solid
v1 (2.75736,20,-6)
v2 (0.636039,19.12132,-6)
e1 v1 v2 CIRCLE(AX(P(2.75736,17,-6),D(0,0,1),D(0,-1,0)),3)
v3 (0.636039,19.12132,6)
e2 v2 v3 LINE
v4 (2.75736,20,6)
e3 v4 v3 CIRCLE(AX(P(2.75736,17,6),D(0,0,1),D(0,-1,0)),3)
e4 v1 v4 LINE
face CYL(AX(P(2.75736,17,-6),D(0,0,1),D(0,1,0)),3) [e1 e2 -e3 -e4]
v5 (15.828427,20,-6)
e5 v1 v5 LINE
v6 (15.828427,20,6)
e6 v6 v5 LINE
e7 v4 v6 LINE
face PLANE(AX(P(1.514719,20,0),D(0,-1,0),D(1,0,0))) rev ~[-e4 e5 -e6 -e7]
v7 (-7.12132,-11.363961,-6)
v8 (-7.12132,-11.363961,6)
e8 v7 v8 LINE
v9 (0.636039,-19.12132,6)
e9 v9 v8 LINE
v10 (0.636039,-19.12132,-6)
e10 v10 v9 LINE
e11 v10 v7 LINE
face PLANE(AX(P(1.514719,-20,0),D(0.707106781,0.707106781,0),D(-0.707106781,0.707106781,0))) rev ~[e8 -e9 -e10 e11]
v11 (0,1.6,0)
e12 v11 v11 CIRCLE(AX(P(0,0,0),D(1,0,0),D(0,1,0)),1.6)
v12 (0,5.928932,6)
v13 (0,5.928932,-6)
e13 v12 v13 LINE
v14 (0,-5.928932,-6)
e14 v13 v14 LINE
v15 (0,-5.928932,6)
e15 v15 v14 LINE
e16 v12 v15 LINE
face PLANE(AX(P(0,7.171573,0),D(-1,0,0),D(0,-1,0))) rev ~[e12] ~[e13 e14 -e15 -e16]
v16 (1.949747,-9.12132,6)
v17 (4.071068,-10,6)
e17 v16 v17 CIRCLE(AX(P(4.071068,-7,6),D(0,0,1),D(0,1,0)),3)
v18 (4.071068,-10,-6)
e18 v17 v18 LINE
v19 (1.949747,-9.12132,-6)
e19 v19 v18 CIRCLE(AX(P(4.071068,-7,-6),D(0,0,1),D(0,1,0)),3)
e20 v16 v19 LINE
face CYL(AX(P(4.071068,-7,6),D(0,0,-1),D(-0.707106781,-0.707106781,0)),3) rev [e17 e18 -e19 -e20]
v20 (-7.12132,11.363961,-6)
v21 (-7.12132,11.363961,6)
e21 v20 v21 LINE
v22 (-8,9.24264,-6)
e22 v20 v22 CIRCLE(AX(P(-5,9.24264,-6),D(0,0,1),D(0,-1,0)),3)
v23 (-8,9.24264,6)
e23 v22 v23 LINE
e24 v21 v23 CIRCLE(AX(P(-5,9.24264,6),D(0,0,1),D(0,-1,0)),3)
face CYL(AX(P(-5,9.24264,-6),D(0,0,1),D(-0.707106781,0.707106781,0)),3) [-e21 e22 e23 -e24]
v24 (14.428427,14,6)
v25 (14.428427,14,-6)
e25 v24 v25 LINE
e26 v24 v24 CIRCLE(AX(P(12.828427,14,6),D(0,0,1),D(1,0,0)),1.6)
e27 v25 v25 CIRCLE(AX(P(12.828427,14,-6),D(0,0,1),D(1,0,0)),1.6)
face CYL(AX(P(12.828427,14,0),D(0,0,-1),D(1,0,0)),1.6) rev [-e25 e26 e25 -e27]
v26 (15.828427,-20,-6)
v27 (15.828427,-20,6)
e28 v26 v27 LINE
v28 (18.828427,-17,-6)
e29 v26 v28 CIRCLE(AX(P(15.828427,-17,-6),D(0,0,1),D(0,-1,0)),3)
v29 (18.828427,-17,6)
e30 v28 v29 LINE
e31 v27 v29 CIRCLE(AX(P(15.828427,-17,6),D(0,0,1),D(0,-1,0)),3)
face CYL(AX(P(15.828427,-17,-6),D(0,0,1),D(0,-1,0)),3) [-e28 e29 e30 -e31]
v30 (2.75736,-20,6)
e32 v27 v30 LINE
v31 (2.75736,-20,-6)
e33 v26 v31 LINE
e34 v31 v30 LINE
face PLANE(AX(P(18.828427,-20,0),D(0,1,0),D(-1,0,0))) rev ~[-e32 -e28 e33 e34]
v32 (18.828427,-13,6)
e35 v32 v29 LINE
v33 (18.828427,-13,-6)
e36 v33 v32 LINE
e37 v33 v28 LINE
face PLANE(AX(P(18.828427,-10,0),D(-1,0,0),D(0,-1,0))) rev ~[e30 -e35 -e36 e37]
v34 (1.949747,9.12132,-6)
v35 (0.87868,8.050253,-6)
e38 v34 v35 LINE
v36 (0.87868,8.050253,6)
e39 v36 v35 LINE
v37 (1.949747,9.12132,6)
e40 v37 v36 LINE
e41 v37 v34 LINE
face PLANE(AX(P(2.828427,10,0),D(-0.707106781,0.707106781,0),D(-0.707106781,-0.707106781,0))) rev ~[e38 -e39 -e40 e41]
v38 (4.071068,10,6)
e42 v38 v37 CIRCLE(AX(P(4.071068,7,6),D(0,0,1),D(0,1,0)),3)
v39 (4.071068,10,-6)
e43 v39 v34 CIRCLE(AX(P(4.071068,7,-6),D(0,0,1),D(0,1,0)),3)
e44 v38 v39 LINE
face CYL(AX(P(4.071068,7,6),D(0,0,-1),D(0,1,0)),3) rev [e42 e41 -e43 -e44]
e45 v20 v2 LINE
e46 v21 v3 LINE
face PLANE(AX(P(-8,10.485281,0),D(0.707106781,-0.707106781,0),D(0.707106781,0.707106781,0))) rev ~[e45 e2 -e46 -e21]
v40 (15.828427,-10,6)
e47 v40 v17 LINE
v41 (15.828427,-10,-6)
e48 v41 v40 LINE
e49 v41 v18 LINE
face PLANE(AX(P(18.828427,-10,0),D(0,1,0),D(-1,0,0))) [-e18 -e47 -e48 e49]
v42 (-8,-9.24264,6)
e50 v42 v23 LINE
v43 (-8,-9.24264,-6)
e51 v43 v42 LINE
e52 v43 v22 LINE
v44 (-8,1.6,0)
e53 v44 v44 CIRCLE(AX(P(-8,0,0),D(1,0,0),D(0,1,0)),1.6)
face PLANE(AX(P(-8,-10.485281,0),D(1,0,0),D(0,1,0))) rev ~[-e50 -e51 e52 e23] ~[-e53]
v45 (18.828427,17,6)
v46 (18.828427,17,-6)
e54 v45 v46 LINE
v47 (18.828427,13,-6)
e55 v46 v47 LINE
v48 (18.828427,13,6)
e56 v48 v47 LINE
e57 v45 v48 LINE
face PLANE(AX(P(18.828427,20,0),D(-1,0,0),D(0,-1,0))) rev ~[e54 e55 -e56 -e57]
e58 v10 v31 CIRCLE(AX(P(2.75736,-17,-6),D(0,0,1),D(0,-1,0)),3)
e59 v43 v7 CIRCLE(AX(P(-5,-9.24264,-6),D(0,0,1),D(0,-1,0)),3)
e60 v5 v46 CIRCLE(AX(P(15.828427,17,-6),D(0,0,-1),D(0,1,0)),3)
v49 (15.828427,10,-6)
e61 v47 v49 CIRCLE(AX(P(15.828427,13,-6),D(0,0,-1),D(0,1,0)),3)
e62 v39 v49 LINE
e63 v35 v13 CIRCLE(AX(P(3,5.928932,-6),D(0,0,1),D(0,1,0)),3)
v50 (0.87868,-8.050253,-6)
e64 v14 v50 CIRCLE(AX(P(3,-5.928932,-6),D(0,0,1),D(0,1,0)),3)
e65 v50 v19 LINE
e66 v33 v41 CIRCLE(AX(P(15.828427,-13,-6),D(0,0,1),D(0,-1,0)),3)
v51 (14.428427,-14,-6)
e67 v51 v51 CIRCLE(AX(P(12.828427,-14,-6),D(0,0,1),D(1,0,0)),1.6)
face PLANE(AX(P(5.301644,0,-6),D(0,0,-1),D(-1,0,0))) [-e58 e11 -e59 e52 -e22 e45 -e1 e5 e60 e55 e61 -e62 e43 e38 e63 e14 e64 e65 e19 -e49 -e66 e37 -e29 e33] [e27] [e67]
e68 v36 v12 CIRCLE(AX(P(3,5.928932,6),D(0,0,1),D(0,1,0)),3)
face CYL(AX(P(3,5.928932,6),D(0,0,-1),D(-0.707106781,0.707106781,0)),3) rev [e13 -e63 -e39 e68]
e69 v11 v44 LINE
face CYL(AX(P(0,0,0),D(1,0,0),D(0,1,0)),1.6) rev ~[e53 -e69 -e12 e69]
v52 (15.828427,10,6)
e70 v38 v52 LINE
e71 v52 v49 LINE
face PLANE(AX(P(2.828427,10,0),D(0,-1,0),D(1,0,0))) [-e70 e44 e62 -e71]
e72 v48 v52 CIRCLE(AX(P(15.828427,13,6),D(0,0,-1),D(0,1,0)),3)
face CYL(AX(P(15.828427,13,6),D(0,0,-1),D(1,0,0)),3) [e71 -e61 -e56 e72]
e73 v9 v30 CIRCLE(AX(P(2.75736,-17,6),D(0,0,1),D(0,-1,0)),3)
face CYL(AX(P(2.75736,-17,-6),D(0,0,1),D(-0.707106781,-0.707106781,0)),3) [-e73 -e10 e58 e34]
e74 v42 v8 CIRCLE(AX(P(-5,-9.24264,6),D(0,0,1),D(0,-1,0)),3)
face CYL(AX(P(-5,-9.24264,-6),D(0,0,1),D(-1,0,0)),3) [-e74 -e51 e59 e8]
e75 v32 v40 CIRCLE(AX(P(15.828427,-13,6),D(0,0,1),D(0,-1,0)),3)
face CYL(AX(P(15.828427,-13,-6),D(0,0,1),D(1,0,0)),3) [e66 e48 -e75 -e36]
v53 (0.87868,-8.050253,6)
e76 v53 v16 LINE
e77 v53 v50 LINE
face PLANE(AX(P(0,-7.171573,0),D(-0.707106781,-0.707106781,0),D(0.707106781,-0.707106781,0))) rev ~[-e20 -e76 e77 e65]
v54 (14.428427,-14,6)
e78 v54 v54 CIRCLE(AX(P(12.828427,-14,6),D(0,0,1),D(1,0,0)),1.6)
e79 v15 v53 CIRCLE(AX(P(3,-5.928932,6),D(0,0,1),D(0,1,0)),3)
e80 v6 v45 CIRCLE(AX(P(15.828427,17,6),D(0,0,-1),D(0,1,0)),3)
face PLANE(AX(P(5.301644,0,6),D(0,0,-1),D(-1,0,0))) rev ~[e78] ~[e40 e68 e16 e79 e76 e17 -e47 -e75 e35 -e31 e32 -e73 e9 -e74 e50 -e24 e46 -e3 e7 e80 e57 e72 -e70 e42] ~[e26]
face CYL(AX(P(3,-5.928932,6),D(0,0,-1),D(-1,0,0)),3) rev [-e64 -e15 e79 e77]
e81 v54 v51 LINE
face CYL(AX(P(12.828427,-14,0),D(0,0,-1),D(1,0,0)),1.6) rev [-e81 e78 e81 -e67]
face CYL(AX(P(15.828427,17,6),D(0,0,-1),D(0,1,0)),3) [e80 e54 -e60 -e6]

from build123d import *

# Parameters (mm, degrees)
SKETCH_R     = 1.6
PAD_DEPTH    = 6
SKETCH001_R  = 1.6
POCKET_DEPTH = 8.001
FILLET_R     = 3


with BuildPart() as part:
    # Sketch → Pad (new body, symmetric)
    with BuildSketch(Plane.XY):
        Polygon((1.514719, 20), (18.828427, 20), (18.828427, 10), (6.828427, 10), (2.828427, 10), (0, 7.171573), (0, -7.171573), (2.828427, -10), (6.828427, -10), (18.828427, -10), (18.828427, -20), (1.514719, -20), (-8, -10.485281), (-8, 10.485281), align=None)
        with Locations((12.828427, 14)):
            Circle(SKETCH_R, mode=Mode.SUBTRACT)
        with Locations((12.828427, -14)):
            Circle(SKETCH_R, mode=Mode.SUBTRACT)
    extrude(amount=PAD_DEPTH, both=True)

    # Sketch001 → Pocket (cut, through all)
    with BuildSketch(Plane.YZ):
        Circle(SKETCH001_R)
    extrude(amount=-POCKET_DEPTH, mode=Mode.SUBTRACT)

    # Fillet
    fillet_edges = [part.edges().sort_by_distance(p)[0] for p in [
        (18.828427, -20, 0),
        (18.828427, -10, 0),
        (18.828427, 10, 0),
        (18.828427, 20, 0),
        (1.514719, -20, 0),
        (-8, -10.485281, 0),
        (-8, 10.485281, 0),
        (1.514719, 20, 0),
        (2.828427, 10, 0),
        (0, 7.171573, 0),
        (0, -7.171573, 0),
        (2.828427, -10, 0),
    ]]
    fillet(fillet_edges, radius=FILLET_R)


solid = part.part
